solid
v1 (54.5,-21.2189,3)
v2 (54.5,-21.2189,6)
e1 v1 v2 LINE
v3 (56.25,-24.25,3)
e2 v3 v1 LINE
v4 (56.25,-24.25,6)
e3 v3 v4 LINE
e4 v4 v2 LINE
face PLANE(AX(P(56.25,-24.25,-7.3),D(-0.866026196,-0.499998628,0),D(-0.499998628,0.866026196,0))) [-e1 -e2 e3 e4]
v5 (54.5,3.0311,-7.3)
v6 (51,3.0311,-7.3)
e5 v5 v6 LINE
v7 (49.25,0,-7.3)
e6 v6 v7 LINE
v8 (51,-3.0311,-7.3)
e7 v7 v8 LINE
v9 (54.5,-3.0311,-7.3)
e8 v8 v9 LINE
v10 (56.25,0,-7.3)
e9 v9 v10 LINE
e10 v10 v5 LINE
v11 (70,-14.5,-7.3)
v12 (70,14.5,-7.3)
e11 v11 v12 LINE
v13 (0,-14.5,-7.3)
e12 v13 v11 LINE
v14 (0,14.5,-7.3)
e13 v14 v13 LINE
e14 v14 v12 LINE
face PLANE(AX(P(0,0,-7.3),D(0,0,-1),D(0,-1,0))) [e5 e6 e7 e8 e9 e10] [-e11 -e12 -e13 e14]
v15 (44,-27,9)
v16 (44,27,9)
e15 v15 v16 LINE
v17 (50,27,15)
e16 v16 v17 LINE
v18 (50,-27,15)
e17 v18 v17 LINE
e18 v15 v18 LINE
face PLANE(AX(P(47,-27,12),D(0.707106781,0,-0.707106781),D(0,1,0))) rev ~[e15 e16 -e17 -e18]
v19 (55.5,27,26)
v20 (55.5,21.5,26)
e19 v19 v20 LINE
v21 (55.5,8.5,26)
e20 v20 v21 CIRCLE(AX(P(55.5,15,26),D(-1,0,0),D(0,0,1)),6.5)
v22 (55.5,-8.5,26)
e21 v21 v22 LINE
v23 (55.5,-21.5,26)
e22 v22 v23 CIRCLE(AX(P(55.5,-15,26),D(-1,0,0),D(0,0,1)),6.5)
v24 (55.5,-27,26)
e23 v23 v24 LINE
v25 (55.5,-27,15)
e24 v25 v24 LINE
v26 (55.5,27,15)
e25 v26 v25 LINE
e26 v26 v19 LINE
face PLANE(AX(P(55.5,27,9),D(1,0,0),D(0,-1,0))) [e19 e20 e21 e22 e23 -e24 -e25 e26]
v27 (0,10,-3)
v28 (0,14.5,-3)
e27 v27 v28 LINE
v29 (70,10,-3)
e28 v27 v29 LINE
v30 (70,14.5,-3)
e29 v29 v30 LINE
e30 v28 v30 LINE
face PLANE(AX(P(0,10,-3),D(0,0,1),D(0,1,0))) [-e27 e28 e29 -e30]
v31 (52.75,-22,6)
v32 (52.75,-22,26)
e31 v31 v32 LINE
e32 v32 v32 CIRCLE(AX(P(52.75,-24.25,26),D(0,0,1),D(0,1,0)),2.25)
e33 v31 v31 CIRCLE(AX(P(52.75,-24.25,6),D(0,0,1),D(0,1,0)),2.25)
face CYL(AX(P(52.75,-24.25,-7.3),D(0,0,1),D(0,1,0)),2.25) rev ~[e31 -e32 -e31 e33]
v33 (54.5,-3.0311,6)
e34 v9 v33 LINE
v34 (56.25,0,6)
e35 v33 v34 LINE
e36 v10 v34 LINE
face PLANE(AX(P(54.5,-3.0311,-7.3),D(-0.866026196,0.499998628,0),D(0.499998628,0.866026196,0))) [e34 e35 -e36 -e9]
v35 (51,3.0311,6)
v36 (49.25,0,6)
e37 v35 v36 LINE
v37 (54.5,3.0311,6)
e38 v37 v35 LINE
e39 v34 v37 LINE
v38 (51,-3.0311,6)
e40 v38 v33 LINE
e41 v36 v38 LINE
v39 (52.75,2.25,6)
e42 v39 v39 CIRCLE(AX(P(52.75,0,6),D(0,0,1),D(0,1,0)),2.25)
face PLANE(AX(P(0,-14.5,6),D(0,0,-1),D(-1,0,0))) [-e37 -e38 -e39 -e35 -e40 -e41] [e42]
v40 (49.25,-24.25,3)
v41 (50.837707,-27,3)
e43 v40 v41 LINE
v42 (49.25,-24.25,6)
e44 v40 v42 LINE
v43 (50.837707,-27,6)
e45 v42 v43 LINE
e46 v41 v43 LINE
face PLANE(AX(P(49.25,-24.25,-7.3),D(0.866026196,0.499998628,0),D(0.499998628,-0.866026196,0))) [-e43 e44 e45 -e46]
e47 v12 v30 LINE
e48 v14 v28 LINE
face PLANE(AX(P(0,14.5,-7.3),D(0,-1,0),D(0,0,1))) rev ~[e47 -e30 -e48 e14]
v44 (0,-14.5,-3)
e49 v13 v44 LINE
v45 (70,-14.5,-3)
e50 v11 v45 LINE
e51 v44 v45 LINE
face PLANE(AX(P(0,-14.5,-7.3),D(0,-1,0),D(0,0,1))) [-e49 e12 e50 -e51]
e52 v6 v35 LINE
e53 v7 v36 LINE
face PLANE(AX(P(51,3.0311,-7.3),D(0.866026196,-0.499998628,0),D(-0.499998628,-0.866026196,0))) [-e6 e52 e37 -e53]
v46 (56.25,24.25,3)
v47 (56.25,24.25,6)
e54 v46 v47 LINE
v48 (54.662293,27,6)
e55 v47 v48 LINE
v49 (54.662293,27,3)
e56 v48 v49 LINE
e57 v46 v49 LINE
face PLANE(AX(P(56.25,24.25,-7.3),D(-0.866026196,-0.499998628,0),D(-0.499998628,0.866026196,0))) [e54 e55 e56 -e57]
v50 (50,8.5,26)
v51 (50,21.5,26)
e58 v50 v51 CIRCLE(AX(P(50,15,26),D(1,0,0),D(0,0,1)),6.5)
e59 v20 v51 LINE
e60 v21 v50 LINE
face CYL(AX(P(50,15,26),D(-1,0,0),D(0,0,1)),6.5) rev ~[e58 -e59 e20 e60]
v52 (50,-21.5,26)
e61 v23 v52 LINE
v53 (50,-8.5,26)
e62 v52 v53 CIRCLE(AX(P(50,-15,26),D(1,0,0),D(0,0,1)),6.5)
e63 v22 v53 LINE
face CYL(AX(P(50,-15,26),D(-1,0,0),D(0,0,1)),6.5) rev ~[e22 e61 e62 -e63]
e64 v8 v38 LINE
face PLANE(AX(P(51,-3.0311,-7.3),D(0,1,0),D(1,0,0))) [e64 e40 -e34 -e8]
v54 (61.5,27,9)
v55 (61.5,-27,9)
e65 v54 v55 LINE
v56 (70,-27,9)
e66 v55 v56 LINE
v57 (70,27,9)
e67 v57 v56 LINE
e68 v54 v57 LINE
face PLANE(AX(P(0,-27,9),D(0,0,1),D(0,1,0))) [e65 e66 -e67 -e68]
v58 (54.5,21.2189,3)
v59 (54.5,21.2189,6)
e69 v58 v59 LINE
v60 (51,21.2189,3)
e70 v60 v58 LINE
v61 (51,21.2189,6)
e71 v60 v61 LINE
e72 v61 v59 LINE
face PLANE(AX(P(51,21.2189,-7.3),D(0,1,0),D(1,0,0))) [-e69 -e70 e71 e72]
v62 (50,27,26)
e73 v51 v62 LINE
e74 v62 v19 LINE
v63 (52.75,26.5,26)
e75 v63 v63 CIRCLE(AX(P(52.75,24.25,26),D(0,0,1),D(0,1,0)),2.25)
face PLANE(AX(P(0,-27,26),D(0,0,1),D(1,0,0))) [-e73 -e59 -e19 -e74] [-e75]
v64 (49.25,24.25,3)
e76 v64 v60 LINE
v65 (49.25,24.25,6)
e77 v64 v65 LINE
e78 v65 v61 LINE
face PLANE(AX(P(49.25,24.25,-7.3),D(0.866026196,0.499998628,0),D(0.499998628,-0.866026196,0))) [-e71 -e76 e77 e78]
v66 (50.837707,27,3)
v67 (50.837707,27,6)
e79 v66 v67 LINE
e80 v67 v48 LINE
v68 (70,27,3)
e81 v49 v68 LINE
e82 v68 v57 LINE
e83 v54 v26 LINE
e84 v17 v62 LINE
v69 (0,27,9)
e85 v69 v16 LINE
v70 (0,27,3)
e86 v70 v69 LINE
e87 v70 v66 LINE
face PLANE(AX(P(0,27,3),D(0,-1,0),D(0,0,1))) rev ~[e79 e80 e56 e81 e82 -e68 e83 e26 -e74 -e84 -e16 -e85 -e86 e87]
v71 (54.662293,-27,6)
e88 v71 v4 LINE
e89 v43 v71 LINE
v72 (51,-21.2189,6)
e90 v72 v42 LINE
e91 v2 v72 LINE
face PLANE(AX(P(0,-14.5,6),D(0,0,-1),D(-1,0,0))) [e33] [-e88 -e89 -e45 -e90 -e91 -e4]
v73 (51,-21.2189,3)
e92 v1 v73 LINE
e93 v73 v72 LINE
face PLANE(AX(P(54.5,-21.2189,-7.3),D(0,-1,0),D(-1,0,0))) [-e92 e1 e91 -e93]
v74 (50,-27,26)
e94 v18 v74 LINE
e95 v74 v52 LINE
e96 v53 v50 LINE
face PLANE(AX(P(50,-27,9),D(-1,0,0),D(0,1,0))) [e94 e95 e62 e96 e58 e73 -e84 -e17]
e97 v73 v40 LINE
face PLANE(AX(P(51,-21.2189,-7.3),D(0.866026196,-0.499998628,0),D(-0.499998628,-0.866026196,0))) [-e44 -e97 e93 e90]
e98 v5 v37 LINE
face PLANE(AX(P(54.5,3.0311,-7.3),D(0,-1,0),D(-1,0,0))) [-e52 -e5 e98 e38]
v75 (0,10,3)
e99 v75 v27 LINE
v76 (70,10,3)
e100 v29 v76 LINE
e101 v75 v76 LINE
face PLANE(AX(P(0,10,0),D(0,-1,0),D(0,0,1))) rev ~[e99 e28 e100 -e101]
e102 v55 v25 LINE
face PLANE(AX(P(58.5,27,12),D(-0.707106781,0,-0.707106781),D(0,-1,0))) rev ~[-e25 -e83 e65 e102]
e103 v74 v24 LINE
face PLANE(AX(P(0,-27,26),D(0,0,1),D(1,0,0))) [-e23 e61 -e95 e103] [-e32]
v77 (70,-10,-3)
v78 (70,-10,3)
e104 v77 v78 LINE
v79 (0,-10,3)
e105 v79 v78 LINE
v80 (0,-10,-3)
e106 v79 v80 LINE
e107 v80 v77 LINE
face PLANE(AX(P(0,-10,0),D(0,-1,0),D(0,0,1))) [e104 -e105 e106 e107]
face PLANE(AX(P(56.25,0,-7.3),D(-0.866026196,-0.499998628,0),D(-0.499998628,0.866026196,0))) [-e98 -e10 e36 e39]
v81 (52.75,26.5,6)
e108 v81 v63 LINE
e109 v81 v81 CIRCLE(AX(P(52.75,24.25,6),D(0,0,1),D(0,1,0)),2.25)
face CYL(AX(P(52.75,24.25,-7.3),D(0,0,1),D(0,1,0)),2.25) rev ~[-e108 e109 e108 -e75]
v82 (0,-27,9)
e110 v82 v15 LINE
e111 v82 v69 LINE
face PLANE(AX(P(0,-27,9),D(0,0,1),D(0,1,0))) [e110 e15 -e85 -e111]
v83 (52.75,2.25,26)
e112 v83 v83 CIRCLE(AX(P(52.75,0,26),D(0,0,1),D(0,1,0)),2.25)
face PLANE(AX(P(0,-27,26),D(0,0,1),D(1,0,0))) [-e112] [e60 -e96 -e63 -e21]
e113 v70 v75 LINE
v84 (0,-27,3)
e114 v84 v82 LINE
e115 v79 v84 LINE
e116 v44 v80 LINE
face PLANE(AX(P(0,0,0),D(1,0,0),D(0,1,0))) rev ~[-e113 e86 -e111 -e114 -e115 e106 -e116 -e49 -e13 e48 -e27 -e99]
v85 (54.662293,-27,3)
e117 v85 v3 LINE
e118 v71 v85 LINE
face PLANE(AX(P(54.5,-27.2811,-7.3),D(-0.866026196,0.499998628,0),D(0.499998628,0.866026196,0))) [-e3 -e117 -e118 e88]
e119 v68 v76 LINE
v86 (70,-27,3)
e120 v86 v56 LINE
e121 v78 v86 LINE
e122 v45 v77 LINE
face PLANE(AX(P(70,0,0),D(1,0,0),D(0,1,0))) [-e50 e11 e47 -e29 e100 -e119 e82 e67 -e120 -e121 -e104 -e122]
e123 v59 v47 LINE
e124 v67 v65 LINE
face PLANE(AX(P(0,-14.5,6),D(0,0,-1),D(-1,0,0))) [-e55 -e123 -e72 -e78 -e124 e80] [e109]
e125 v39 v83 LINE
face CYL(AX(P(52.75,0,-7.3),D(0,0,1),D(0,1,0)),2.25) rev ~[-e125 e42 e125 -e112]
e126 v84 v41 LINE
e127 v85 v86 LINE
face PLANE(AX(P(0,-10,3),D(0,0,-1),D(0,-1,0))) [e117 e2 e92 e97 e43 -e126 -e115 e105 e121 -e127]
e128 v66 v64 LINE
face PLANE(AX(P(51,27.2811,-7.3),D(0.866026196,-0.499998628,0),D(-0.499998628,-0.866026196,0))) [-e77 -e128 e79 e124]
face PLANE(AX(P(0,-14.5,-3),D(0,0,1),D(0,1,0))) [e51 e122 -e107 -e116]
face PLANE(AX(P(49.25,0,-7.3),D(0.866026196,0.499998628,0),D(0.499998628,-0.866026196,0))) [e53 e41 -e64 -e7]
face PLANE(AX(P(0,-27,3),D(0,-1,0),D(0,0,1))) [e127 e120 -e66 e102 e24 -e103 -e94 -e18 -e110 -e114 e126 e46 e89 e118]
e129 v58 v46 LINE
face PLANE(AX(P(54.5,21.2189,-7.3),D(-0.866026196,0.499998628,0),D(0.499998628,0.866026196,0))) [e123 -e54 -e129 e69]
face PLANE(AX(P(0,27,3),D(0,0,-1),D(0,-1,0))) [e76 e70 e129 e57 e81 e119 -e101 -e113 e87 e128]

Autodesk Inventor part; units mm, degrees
ref_plane "YZ Plane" through (0, 0, 0) normal (1, 0, 0) x (0, 1, 0)
ref_plane "XZ Plane" through (0, 0, 0) normal (0, 1, 0) x (-1, 0, 0)
ref_plane "XY Plane" through (0, 0, 0) normal (0, 0, 1) x (1, 0, 0)
sketch "Sketch2" plane through (0, 0, 0) normal (1, 0, 0) x (0, 1, 0)
  line L0 (-19.9252, 0) -> (19.9252, 0)
  line L1 (0, -28.9507) -> (0, 28.9507)
  line L2 (14.5, -7.3) -> (-14.5, -7.3)
  line L3 (-14.5, -7.3) -> (-14.5, -3)
  line L4 (-10, -3) -> (-10, 3)
  line L5 (-27, 3) -> (-27, 9)
  line L6 (-27, 9) -> (27, 9)
  line L7 (14.5, -7.3) -> (14.5, -3)
  line L8 (10, -3) -> (10, 3)
  line L9 (27, 3) -> (27, 9)
  line L10 (-14.5, -3) -> (-10, -3)
  line L11 (10, -3) -> (14.5, -3)
  line L12 (27, 3) -> (10, 3)
  line L13 (-10, 3) -> (-27, 3)
  point P0 (0, 0)
  point P1 (0, 0)
  point P2 (10, 0)
  dimension "d4" = 14.5
  dimension "d8" = 27
  dimension "d9" = 10
  dimension "d10" = 4.3
  dimension "d11" = 6
  dimension "d12" = 6
extrude "Extrusion2" add sketch "Sketch2" along normal blind 70
sketch "Sketch3" plane through (0, -27, 9) normal (0, 0, 1) x (1, 0, 0)
  line L0 (0, 0) -> (70, 0) projected
  line L1 (0, 54) -> (70, 54) projected
  line L2 (55.5, 0) -> (50, 0)
  line L3 (50, 0) -> (50, 54)
  line L4 (50, 54) -> (55.5, 54)
  line L5 (55.5, 54) -> (55.5, 0)
  line L6 (70, 54) -> (70, 0) projected
  point P0 (0, 27)
  dimension "d15" = 20
  dimension "d16" = 5.5
extrude "Extrusion3" add sketch "Sketch3" along normal blind 17 contours L3 L1 L5 L0
sketch "Sketch4" plane through (50, -27, 9) normal (-1, 0, 0) x (0, 0, 1)
  line L0 (17, 54) -> (17, 0) projected
  circle A0 centre (17, 42) radius 6.5
  circle A1 centre (17, 12) radius 6.5
  line L1 (0, 0) -> (17, 0) projected
  point P0 (-9, 27)
  dimension "d19" = 13
  dimension "d20" = 13
  dimension "d21" = 30
  dimension "d22" = 12
extrude "Extrusion4" cut sketch "Sketch4" against normal up to surface (5.5 mm away)
sketch "Sketch5" plane through (0, -14.5, -7.3) normal (0, 0, -1) x (-1, 0, 0)
  line L0 (0, 0) -> (-70, 0)
  line L1 (-55.5, 29) -> (-55.5, 0)
  line L2 (-50, 0) -> (-50, 29)
  line L3 (-50, 14.5) -> (-55.5, 14.5)
  line L4 (-50, -12.5) -> (-50, 41.5) projected
  line L5 (-55.5, 41.5) -> (-55.5, -12.5) projected
  line L6 (0, -12.5) -> (-70, -12.5) projected
  point P0 (0, 27)
  point P1 (-52.75, -9.75)
  point P2 (-52.75, 14.5)
  point P3 (-52.75, 38.75)
  dimension "d26" = 2.75
  dimension "d34" = 2.75
hole "Hole1" at (52.75, -24.25, -7.3) at (52.75, 0, -7.3) at (52.75, 24.25, -7.3) direction (0, 0, 1) diameter 4.5 end through all
sketch "Sketch6" plane through (0, -14.5, -7.3) normal (0, 0, -1) x (-1, 0, 0)
  circle A0 centre (-52.75, 14.5) radius 2.25 projected
  line L0 (-56.25, 14.5) -> (-54.5, 17.5311)
  line L1 (-54.5, 17.5311) -> (-51, 17.5311)
  line L2 (-51, 17.5311) -> (-49.25, 14.5)
  line L3 (-49.25, 14.5) -> (-51, 11.4689)
  line L4 (-51, 11.4689) -> (-54.5, 11.4689)
  line L5 (-54.5, 11.4689) -> (-56.25, 14.5)
  circle A1 centre (-52.75, 38.75) radius 2.25 projected
  line L6 (-56.25, 38.75) -> (-54.5, 41.7811)
  line L7 (-54.5, 41.7811) -> (-51, 41.7811)
  line L8 (-51, 41.7811) -> (-49.25, 38.75)
  line L9 (-49.25, 38.75) -> (-51, 35.7189)
  line L10 (-51, 35.7189) -> (-54.5, 35.7189)
  line L11 (-54.5, 35.7189) -> (-56.25, 38.75)
  circle A2 centre (-52.75, -9.75) radius 2.25 projected
  line L12 (-56.25, -9.75) -> (-54.5, -6.7189)
  line L13 (-54.5, -6.7189) -> (-51, -6.7189)
  line L14 (-51, -6.7189) -> (-49.25, -9.75)
  line L15 (-49.25, -9.75) -> (-51, -12.7811)
  line L16 (-51, -12.7811) -> (-54.5, -12.7811)
  line L17 (-54.5, -12.7811) -> (-56.25, -9.75)
  point P0 (0, 14.5)
  dimension "d35" = 7
  dimension "d36" = 7
  dimension "d37" = 7
extrude "Extrusion5" cut sketch "Sketch6" against normal blind 13.3
chamfer "Chamfer1" distance 6 angle 45 2 edges at (50, 0, 9) (55.5, 0, 9)
equation "\"d23\" = d21"
properties part number "CarroXY - Hotend"
